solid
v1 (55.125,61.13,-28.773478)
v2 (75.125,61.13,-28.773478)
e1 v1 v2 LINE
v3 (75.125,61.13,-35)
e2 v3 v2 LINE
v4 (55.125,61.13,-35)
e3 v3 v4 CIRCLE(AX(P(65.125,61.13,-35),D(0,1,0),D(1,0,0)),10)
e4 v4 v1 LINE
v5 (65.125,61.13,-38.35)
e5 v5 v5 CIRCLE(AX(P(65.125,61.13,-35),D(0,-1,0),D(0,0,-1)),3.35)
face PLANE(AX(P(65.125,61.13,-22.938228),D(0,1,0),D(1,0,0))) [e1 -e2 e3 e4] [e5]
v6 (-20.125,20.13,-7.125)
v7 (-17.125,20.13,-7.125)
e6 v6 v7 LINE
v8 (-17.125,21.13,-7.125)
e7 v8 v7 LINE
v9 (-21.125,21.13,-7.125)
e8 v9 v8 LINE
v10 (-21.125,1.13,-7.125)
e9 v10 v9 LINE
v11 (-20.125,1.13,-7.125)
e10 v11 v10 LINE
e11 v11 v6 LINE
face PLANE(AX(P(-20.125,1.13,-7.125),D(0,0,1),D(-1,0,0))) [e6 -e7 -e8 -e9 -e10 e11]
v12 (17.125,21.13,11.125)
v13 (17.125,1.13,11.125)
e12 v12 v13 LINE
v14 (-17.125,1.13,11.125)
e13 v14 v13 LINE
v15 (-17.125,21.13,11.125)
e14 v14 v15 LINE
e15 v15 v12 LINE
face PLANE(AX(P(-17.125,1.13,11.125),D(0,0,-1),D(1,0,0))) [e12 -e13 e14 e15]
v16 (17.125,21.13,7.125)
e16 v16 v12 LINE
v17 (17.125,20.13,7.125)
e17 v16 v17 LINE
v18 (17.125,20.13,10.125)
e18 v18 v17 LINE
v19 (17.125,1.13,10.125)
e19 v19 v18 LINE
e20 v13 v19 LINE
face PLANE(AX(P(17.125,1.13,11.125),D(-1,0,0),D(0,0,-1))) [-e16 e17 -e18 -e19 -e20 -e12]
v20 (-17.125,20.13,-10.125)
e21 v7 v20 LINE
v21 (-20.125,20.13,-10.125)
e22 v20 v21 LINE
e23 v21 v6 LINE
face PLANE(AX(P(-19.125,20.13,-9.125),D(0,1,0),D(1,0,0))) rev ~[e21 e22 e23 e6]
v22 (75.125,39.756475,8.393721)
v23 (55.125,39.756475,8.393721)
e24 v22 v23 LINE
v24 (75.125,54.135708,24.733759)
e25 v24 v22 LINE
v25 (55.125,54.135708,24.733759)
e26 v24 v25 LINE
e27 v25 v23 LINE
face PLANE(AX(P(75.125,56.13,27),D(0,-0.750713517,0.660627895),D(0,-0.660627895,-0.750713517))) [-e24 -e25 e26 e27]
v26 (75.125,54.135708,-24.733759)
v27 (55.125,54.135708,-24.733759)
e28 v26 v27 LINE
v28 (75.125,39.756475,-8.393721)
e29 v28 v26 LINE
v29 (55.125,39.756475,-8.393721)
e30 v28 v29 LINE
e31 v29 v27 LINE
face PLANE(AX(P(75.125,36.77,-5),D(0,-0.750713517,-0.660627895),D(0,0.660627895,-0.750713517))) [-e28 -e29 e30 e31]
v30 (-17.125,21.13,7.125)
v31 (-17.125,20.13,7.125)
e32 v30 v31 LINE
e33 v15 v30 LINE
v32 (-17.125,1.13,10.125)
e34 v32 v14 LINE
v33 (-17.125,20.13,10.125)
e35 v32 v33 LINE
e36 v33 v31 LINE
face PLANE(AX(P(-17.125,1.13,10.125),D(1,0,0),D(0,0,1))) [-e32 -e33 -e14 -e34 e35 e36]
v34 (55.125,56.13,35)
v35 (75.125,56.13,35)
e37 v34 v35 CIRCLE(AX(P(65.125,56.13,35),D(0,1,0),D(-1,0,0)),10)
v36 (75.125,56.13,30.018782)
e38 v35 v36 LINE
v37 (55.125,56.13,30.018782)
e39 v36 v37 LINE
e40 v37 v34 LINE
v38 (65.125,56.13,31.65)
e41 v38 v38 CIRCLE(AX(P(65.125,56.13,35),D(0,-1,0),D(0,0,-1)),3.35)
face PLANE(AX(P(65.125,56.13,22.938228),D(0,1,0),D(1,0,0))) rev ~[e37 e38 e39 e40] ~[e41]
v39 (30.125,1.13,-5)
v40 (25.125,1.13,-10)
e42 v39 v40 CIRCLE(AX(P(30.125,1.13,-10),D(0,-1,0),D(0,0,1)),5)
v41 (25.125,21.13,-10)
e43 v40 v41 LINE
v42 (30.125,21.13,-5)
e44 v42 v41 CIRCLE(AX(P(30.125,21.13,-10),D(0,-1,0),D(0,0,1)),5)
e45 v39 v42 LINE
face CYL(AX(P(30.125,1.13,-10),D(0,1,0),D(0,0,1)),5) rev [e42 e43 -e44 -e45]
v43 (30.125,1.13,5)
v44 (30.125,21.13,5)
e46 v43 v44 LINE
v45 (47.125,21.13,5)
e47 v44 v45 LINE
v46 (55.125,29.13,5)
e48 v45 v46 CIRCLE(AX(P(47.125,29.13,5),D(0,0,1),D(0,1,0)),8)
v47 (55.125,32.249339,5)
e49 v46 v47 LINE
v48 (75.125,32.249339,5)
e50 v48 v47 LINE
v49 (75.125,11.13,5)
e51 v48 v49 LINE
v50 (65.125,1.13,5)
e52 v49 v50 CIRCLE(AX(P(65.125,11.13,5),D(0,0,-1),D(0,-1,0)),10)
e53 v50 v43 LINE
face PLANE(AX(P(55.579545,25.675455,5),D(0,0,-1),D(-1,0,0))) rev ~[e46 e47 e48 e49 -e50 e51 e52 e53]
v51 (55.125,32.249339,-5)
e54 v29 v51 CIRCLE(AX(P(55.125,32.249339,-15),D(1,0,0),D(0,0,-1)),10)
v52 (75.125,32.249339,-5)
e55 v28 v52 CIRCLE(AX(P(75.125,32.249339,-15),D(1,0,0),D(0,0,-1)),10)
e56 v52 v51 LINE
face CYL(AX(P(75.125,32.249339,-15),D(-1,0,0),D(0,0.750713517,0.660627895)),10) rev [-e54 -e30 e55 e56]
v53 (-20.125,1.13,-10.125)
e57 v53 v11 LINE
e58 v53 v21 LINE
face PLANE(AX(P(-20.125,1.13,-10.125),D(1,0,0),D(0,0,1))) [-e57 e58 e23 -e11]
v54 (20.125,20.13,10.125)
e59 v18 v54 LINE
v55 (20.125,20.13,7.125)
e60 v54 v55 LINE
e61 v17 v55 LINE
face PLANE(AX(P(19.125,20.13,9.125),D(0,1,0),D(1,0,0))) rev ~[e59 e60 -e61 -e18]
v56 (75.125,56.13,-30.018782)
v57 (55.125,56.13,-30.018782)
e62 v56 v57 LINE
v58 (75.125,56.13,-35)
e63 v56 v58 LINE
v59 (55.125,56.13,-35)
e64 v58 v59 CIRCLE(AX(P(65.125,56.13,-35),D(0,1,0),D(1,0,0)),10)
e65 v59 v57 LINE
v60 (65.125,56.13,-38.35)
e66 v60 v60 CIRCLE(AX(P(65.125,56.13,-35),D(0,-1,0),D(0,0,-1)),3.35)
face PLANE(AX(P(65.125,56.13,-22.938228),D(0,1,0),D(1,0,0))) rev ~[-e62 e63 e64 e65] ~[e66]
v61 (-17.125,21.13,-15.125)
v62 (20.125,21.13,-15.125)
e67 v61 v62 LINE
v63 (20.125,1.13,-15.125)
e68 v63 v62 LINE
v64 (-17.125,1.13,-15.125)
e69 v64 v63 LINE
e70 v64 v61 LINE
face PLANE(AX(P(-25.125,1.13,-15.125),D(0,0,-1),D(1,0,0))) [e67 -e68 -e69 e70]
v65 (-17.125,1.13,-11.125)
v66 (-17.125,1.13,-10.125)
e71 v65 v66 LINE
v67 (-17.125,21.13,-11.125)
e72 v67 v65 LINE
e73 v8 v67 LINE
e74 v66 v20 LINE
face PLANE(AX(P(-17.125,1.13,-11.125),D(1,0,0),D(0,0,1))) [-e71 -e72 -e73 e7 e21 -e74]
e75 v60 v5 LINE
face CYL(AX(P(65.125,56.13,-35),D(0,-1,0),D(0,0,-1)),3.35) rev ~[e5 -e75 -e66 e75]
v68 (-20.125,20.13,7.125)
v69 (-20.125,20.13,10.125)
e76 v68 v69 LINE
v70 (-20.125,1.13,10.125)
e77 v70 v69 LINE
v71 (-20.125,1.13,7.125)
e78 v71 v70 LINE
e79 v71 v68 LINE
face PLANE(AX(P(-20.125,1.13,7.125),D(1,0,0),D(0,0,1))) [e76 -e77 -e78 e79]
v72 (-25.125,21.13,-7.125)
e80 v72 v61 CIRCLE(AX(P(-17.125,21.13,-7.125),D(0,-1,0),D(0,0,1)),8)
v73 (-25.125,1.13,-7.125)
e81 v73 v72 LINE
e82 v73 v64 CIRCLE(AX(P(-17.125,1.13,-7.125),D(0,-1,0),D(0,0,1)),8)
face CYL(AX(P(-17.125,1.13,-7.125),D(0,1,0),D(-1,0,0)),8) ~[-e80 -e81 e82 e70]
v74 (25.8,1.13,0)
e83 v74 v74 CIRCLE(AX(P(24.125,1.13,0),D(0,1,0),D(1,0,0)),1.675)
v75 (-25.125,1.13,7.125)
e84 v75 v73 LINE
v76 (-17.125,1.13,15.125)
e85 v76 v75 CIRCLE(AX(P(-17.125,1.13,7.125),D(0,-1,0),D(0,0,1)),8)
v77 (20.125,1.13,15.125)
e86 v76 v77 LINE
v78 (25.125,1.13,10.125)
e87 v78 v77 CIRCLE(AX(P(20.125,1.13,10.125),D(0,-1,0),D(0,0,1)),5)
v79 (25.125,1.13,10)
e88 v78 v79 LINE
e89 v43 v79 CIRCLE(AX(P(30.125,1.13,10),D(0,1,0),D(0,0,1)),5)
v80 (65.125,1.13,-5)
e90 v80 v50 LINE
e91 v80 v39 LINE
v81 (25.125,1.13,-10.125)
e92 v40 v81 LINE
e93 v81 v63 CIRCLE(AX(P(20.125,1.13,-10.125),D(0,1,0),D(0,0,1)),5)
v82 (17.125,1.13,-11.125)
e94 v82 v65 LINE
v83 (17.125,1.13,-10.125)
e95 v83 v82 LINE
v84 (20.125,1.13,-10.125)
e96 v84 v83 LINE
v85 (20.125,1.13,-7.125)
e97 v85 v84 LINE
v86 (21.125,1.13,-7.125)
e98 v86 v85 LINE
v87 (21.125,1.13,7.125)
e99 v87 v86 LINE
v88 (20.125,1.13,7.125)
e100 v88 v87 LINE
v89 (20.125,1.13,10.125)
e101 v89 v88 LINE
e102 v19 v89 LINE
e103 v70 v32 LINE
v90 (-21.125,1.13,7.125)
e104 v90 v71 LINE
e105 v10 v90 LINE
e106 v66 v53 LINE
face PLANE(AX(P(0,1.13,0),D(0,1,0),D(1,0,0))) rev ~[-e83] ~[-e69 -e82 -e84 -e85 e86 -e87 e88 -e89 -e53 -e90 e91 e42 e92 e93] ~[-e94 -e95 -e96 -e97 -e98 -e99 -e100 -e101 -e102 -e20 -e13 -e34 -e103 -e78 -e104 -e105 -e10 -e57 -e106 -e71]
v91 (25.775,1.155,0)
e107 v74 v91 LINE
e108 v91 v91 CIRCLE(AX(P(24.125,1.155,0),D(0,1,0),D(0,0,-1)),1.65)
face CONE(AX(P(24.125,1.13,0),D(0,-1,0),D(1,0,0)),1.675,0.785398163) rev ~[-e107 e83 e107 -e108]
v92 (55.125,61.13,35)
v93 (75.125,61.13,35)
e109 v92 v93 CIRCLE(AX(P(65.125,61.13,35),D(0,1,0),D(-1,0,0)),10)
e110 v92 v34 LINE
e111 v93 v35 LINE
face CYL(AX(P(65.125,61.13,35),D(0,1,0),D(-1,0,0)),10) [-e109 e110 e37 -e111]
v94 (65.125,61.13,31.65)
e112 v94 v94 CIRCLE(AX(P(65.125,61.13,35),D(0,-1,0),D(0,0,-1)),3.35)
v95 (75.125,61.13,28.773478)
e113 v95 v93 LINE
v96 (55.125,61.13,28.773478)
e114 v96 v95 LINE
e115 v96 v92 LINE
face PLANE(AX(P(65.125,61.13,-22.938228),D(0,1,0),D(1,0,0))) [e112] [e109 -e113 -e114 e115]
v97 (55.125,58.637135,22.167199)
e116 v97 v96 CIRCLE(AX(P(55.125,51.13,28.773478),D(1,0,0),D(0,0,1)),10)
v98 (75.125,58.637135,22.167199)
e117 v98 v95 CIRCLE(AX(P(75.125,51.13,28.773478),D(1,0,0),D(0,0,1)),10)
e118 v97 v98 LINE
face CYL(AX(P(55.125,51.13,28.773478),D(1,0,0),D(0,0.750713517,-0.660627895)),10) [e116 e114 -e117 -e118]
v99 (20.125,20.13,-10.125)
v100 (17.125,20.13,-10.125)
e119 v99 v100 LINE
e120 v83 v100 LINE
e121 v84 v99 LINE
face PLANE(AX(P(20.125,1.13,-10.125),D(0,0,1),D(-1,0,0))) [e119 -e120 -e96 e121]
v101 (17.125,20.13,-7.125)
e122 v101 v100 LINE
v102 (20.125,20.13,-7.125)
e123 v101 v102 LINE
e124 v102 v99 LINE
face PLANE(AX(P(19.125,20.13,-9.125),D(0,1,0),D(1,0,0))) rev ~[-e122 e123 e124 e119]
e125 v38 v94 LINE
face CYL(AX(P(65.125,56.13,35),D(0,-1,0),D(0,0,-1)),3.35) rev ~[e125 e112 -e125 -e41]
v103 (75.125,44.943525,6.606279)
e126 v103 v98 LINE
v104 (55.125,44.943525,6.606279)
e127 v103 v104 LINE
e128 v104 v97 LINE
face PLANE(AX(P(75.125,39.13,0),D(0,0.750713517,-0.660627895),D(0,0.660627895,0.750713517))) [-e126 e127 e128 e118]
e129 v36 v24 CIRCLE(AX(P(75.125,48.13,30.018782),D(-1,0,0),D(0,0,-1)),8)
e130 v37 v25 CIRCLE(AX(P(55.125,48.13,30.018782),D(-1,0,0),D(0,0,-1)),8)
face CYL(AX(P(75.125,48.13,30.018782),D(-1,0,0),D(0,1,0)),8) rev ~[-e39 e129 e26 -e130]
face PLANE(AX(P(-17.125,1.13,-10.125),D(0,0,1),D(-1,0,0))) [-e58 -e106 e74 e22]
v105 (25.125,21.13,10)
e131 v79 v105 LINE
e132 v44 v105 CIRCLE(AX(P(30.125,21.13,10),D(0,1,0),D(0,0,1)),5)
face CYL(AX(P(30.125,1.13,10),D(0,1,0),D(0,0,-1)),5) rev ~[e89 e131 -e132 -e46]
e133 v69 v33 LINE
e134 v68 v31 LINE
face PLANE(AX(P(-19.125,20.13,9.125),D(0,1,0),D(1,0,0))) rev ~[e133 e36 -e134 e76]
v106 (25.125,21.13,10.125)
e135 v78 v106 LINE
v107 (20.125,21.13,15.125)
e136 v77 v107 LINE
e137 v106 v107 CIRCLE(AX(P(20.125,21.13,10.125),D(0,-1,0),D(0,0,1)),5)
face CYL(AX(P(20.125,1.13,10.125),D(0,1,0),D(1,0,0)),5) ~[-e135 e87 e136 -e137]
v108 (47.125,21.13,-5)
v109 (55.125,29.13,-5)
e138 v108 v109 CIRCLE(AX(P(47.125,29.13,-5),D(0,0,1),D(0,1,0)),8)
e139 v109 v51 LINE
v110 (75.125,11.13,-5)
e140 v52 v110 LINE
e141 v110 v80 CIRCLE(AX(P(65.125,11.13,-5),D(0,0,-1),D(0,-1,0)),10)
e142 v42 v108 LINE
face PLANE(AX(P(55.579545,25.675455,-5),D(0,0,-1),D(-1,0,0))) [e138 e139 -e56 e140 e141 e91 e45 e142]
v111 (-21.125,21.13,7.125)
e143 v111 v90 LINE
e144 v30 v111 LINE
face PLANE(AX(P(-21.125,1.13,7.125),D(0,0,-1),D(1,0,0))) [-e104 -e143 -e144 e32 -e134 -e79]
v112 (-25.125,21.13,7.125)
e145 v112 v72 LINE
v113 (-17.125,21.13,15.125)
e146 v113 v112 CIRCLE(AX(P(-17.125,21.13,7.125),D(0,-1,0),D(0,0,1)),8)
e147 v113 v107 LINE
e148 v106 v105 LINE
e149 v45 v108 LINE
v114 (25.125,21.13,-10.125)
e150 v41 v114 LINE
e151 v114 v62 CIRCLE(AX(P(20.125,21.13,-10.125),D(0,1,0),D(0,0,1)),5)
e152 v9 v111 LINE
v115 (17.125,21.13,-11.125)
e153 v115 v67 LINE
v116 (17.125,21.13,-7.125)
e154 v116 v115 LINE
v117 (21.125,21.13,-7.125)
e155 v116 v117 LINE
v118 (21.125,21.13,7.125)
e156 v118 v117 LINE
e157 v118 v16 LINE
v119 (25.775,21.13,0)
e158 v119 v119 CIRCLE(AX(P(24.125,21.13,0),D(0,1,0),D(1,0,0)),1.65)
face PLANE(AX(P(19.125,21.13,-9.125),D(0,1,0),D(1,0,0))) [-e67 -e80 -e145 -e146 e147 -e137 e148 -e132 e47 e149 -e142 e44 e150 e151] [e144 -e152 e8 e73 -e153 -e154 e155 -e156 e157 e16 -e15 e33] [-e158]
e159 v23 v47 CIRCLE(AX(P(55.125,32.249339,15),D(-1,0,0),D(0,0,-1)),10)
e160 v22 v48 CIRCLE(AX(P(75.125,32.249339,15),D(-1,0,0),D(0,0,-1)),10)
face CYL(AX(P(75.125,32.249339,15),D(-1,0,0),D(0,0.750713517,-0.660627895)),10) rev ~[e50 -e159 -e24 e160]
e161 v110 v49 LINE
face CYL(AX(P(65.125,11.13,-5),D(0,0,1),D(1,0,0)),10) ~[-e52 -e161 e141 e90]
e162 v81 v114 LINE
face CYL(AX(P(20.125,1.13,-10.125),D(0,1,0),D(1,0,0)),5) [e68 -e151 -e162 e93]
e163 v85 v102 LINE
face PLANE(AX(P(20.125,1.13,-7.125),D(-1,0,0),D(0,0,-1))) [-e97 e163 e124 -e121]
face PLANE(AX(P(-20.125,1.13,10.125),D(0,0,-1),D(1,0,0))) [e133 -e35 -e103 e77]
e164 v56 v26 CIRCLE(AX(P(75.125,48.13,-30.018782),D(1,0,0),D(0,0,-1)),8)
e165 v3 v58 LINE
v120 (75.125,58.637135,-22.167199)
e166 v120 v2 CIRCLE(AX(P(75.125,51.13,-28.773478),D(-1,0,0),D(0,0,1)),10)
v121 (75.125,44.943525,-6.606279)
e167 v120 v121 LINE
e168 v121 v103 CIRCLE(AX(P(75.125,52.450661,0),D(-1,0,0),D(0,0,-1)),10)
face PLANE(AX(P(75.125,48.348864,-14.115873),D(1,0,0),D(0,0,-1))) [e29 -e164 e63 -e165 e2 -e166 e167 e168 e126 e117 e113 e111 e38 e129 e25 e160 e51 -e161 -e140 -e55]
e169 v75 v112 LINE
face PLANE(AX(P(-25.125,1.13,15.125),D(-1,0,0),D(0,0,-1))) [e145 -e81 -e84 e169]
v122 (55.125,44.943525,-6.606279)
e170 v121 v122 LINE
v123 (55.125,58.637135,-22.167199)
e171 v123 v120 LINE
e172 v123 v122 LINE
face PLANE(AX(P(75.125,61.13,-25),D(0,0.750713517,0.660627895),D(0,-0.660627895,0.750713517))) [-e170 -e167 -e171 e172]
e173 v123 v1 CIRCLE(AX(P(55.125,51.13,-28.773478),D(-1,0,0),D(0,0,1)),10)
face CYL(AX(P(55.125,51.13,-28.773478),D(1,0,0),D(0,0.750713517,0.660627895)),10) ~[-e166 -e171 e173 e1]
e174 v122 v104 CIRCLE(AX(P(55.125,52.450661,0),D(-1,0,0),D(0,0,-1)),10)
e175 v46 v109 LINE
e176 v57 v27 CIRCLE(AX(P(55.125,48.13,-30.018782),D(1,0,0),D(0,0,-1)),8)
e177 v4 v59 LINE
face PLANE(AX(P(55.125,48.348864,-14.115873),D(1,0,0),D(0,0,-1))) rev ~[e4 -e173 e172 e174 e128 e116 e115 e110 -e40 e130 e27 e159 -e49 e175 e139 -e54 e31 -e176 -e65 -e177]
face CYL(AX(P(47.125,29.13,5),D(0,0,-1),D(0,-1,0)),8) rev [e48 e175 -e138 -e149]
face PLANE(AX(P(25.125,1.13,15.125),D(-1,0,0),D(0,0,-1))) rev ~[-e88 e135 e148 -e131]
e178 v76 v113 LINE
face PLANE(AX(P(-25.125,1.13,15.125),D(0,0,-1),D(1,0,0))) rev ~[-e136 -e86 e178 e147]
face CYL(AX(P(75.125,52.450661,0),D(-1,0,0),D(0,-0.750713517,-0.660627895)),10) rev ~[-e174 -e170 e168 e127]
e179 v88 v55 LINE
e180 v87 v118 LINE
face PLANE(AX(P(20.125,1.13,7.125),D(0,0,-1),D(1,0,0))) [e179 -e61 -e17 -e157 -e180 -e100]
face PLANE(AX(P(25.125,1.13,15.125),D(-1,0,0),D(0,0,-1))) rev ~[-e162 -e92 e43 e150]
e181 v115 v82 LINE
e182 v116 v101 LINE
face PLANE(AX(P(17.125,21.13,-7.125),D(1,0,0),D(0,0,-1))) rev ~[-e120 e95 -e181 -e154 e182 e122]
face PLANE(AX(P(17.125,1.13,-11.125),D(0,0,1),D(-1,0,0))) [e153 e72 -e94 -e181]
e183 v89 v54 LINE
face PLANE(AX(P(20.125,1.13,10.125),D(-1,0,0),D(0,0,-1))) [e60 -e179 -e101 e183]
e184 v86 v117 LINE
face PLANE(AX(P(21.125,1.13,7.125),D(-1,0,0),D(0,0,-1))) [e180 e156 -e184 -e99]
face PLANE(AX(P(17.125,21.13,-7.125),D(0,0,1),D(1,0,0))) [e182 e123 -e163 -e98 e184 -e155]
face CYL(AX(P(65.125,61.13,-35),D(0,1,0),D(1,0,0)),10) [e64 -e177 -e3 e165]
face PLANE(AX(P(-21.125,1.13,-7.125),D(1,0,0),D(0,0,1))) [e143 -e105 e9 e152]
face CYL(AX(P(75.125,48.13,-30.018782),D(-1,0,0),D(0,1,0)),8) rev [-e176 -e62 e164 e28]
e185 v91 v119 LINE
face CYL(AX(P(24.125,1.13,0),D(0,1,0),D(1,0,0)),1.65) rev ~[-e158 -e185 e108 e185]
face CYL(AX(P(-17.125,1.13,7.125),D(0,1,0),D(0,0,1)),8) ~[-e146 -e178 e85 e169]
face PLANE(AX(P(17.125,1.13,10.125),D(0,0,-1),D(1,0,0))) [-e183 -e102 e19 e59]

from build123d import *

# Parameters (mm, degrees)
BOSS_EXTRUDE1_DEPTH                   = 1
BOSS_EXTRUDE1_DEPTH_BACK              = 19
SKETCH1_W                             = 50.25
SKETCH1_H                             = 30.25
BOSS_EXTRUDE2_DEPTH                   = 5
BOSS_EXTRUDE3_DEPTH                   = 5
SKETCH4_R                             = 3.35
CUT_EXTRUDE1_DEPTH                    = 10
SKETCH6_W                             = 4
SKETCH6_H                             = 4
BOSS_EXTRUDE4_DEPTH                   = 1
TAP_DRILL_FOR_M4X0_7_TAP1_D           = 3.3
TAP_DRILL_FOR_M4X0_7_TAP1_CSINK_D     = 3.35
TAP_DRILL_FOR_M4X0_7_TAP1_CSINK_ANGLE = 90
SKETCH13_W                            = 20
SKETCH13_H                            = 50
CUT_EXTRUDE2_DEPTH                    = 22
BOSS_EXTRUDE5_DEPTH                   = 20
FILLET1_R                             = 10
FILLET2_R                             = 8
FILLET3_R                             = 5
FILLET4_R                             = 8


with BuildPart() as part:
    # Sketch1 → Boss-Extrude1 (new, two sides: drawn at the far end of the back side and taken through both)
    with BuildSketch(Plane(origin=(0, 20.13, 0), x_dir=(1, 0, 0), z_dir=(0, 1, 0)).offset(-BOSS_EXTRUDE1_DEPTH_BACK)):
        Rectangle(SKETCH1_W, SKETCH1_H)
        Polygon((20.125, 10.125), (17.125, 10.125), (17.125, 11.125), (-17.125, 11.125), (-17.125, 10.125), (-20.125, 10.125), (-20.125, 7.125), (-21.125, 7.125), (-21.125, -7.125), (-20.125, -7.125), (-20.125, -10.125), (-17.125, -10.125), (-17.125, -11.125), (17.125, -11.125), (17.125, -10.125), (20.125, -10.125), (20.125, -7.125), (21.125, -7.125), (21.125, 7.125), (20.125, 7.125), align=None, mode=Mode.SUBTRACT)
    extrude(amount=BOSS_EXTRUDE1_DEPTH + BOSS_EXTRUDE1_DEPTH_BACK)

    # Sketch2 → Boss-Extrude2 (add, symmetric)
    with BuildSketch(Plane.XY):
        Polygon((25.125, 21.13), (55.125, 21.13), (55.125, 61.13), (75.125, 61.13), (75.125, 1.13), (25.125, 1.13), align=None)
    extrude(amount=BOSS_EXTRUDE2_DEPTH, both=True)

    # Sketch3 → Boss-Extrude3 (add)
    with BuildSketch(Plane(origin=(0, 61.13, 0), x_dir=(1, 0, 0), z_dir=(0, 1, 0))):
        with BuildLine():
            Line((75.125, 5), (75.125, 35))
            ThreePointArc((75.125, 35), (65.125, 45), (55.125, 35))
            Line((55.125, 35), (55.125, 5))
            Line((55.125, 5), (75.125, 5))
        make_face()
        with BuildLine():
            Line((75.125, -35), (75.125, -5))
            Line((75.125, -5), (55.125, -5))
            Line((55.125, -5), (55.125, -35))
            ThreePointArc((55.125, -35), (65.125, -45), (75.125, -35))
        make_face()
    extrude(amount=-BOSS_EXTRUDE3_DEPTH)

    # Sketch4 → Cut-Extrude1 (cut)
    with BuildSketch(Plane.XZ.offset(-56.13)):
        with Locations(Location((65.125, 35, 0), (0, 0, 270))):
            Circle(SKETCH4_R)
        with Locations(Location((65.125, -35, 0), (0, 0, 270))):
            Circle(SKETCH4_R)
    extrude(amount=-CUT_EXTRUDE1_DEPTH, mode=Mode.SUBTRACT)

    # Sketch6 → Boss-Extrude4 (add)
    with BuildSketch(Plane(origin=(0, 21.13, 0), x_dir=(1, 0, 0), z_dir=(0, 1, 0))):
        with Locations((19.125, 9.125)):
            Rectangle(SKETCH6_W, SKETCH6_H)
        with Locations((19.125, -9.125)):
            Rectangle(SKETCH6_W, SKETCH6_H)
        with Locations((-19.125, -9.125)):
            Rectangle(SKETCH6_W, SKETCH6_H)
        with Locations((-19.125, 9.125)):
            Rectangle(SKETCH6_W, SKETCH6_H)
    extrude(amount=-BOSS_EXTRUDE4_DEPTH)

    # Tap Drill for M4x0.7 Tap1 (through all)
    with Locations(Plane(origin=(0, 1.13, 0), x_dir=(-1, 0, 0), z_dir=(0, -1, 0))):
        with Locations((-24.125, 0)):
            CounterSinkHole(TAP_DRILL_FOR_M4X0_7_TAP1_D / 2, TAP_DRILL_FOR_M4X0_7_TAP1_CSINK_D / 2, counter_sink_angle=TAP_DRILL_FOR_M4X0_7_TAP1_CSINK_ANGLE)

    # Sketch13 → Cut-Extrude2 (cut)
    with BuildSketch(Plane(origin=(0, 61.13, 0), x_dir=(1, 0, 0), z_dir=(0, 1, 0))):
        with Locations((65.125, 0)):
            Rectangle(SKETCH13_W, SKETCH13_H)
    extrude(amount=-CUT_EXTRUDE2_DEPTH, mode=Mode.SUBTRACT)


with BuildPart() as cut_extrude2_piece_1:
    # of the separate pieces the step leaves, piece 1, a body of its own (cut_extrude2_pieces)
    add(part.part.solids().sort_by_distance((25.125, 21.13, 15.125))[0])



with BuildPart() as cut_extrude2_piece_2:
    # of the separate pieces the step leaves, piece 2, a body of its own (cut_extrude2_pieces)
    add(part.part.solids().sort_by_distance((75.125, 56.13, -25))[0])


with BuildPart() as cut_extrude2_piece_3:
    # of the separate pieces the step leaves, piece 3, a body of its own (cut_extrude2_pieces)
    add(part.part.solids().sort_by_distance((75.125, 61.13, 25))[0])


with BuildPart() as cut_extrude2_piece_1_1:
    add(cut_extrude2_piece_1.part)

    add(cut_extrude2_piece_2.part)  # Boss-Extrude5 merges Cut-Extrude2 piece 2

    add(cut_extrude2_piece_3.part)  # Boss-Extrude5 merges Cut-Extrude2 piece 3
    # Sketch14 → Boss-Extrude5 (add)
    with BuildSketch(Plane(origin=(75.125, 0, 0), x_dir=(0, 0, -1), z_dir=(1, 0, 0))):
        Polygon((27, 56.13), (25, 56.13), (25, 61.13), (0, 39.13), (5, 39.13), (5, 36.77), align=None)
        Polygon((-5, 39.13), (0, 39.13), (-25, 61.13), (-25, 56.13), (-27, 56.13), (-5, 36.77), align=None)
    extrude(amount=-BOSS_EXTRUDE5_DEPTH)

    # Fillet1
    fillet1_edges = [cut_extrude2_piece_1_1.edges().sort_by_distance(p)[0] for p in [
        (75.125, 1.13, 0),
        (65.125, 36.77, -5),
        (65.125, 39.13, 0),
        (65.125, 61.13, -25),
        (65.125, 36.77, 5),
        (65.125, 61.13, 25),
    ]]
    fillet(fillet1_edges, radius=FILLET1_R)

    # Fillet2
    fillet2_edges = [cut_extrude2_piece_1_1.edges().sort_by_distance(p)[0] for p in [
        (65.125, 56.13, -27),
        (65.125, 56.13, 27),
    ]]
    fillet(fillet2_edges, radius=FILLET2_R)

    # Fillet3
    fillet3_edges = [cut_extrude2_piece_1_1.edges().sort_by_distance(p)[0] for p in [
        (25.125, 11.13, 5),
        (25.125, 11.13, 15.125),
        (25.125, 11.13, -5),
        (25.125, 11.13, -15.125),
    ]]
    fillet(fillet3_edges, radius=FILLET3_R)

    # Fillet4
    fillet4_edges = [cut_extrude2_piece_1_1.edges().sort_by_distance(p)[0] for p in [
        (55.125, 21.13, 0),
        (-25.125, 11.13, 15.125),
        (-25.125, 11.13, -15.125),
    ]]
    fillet(fillet4_edges, radius=FILLET4_R)


solid = cut_extrude2_piece_1_1.part
